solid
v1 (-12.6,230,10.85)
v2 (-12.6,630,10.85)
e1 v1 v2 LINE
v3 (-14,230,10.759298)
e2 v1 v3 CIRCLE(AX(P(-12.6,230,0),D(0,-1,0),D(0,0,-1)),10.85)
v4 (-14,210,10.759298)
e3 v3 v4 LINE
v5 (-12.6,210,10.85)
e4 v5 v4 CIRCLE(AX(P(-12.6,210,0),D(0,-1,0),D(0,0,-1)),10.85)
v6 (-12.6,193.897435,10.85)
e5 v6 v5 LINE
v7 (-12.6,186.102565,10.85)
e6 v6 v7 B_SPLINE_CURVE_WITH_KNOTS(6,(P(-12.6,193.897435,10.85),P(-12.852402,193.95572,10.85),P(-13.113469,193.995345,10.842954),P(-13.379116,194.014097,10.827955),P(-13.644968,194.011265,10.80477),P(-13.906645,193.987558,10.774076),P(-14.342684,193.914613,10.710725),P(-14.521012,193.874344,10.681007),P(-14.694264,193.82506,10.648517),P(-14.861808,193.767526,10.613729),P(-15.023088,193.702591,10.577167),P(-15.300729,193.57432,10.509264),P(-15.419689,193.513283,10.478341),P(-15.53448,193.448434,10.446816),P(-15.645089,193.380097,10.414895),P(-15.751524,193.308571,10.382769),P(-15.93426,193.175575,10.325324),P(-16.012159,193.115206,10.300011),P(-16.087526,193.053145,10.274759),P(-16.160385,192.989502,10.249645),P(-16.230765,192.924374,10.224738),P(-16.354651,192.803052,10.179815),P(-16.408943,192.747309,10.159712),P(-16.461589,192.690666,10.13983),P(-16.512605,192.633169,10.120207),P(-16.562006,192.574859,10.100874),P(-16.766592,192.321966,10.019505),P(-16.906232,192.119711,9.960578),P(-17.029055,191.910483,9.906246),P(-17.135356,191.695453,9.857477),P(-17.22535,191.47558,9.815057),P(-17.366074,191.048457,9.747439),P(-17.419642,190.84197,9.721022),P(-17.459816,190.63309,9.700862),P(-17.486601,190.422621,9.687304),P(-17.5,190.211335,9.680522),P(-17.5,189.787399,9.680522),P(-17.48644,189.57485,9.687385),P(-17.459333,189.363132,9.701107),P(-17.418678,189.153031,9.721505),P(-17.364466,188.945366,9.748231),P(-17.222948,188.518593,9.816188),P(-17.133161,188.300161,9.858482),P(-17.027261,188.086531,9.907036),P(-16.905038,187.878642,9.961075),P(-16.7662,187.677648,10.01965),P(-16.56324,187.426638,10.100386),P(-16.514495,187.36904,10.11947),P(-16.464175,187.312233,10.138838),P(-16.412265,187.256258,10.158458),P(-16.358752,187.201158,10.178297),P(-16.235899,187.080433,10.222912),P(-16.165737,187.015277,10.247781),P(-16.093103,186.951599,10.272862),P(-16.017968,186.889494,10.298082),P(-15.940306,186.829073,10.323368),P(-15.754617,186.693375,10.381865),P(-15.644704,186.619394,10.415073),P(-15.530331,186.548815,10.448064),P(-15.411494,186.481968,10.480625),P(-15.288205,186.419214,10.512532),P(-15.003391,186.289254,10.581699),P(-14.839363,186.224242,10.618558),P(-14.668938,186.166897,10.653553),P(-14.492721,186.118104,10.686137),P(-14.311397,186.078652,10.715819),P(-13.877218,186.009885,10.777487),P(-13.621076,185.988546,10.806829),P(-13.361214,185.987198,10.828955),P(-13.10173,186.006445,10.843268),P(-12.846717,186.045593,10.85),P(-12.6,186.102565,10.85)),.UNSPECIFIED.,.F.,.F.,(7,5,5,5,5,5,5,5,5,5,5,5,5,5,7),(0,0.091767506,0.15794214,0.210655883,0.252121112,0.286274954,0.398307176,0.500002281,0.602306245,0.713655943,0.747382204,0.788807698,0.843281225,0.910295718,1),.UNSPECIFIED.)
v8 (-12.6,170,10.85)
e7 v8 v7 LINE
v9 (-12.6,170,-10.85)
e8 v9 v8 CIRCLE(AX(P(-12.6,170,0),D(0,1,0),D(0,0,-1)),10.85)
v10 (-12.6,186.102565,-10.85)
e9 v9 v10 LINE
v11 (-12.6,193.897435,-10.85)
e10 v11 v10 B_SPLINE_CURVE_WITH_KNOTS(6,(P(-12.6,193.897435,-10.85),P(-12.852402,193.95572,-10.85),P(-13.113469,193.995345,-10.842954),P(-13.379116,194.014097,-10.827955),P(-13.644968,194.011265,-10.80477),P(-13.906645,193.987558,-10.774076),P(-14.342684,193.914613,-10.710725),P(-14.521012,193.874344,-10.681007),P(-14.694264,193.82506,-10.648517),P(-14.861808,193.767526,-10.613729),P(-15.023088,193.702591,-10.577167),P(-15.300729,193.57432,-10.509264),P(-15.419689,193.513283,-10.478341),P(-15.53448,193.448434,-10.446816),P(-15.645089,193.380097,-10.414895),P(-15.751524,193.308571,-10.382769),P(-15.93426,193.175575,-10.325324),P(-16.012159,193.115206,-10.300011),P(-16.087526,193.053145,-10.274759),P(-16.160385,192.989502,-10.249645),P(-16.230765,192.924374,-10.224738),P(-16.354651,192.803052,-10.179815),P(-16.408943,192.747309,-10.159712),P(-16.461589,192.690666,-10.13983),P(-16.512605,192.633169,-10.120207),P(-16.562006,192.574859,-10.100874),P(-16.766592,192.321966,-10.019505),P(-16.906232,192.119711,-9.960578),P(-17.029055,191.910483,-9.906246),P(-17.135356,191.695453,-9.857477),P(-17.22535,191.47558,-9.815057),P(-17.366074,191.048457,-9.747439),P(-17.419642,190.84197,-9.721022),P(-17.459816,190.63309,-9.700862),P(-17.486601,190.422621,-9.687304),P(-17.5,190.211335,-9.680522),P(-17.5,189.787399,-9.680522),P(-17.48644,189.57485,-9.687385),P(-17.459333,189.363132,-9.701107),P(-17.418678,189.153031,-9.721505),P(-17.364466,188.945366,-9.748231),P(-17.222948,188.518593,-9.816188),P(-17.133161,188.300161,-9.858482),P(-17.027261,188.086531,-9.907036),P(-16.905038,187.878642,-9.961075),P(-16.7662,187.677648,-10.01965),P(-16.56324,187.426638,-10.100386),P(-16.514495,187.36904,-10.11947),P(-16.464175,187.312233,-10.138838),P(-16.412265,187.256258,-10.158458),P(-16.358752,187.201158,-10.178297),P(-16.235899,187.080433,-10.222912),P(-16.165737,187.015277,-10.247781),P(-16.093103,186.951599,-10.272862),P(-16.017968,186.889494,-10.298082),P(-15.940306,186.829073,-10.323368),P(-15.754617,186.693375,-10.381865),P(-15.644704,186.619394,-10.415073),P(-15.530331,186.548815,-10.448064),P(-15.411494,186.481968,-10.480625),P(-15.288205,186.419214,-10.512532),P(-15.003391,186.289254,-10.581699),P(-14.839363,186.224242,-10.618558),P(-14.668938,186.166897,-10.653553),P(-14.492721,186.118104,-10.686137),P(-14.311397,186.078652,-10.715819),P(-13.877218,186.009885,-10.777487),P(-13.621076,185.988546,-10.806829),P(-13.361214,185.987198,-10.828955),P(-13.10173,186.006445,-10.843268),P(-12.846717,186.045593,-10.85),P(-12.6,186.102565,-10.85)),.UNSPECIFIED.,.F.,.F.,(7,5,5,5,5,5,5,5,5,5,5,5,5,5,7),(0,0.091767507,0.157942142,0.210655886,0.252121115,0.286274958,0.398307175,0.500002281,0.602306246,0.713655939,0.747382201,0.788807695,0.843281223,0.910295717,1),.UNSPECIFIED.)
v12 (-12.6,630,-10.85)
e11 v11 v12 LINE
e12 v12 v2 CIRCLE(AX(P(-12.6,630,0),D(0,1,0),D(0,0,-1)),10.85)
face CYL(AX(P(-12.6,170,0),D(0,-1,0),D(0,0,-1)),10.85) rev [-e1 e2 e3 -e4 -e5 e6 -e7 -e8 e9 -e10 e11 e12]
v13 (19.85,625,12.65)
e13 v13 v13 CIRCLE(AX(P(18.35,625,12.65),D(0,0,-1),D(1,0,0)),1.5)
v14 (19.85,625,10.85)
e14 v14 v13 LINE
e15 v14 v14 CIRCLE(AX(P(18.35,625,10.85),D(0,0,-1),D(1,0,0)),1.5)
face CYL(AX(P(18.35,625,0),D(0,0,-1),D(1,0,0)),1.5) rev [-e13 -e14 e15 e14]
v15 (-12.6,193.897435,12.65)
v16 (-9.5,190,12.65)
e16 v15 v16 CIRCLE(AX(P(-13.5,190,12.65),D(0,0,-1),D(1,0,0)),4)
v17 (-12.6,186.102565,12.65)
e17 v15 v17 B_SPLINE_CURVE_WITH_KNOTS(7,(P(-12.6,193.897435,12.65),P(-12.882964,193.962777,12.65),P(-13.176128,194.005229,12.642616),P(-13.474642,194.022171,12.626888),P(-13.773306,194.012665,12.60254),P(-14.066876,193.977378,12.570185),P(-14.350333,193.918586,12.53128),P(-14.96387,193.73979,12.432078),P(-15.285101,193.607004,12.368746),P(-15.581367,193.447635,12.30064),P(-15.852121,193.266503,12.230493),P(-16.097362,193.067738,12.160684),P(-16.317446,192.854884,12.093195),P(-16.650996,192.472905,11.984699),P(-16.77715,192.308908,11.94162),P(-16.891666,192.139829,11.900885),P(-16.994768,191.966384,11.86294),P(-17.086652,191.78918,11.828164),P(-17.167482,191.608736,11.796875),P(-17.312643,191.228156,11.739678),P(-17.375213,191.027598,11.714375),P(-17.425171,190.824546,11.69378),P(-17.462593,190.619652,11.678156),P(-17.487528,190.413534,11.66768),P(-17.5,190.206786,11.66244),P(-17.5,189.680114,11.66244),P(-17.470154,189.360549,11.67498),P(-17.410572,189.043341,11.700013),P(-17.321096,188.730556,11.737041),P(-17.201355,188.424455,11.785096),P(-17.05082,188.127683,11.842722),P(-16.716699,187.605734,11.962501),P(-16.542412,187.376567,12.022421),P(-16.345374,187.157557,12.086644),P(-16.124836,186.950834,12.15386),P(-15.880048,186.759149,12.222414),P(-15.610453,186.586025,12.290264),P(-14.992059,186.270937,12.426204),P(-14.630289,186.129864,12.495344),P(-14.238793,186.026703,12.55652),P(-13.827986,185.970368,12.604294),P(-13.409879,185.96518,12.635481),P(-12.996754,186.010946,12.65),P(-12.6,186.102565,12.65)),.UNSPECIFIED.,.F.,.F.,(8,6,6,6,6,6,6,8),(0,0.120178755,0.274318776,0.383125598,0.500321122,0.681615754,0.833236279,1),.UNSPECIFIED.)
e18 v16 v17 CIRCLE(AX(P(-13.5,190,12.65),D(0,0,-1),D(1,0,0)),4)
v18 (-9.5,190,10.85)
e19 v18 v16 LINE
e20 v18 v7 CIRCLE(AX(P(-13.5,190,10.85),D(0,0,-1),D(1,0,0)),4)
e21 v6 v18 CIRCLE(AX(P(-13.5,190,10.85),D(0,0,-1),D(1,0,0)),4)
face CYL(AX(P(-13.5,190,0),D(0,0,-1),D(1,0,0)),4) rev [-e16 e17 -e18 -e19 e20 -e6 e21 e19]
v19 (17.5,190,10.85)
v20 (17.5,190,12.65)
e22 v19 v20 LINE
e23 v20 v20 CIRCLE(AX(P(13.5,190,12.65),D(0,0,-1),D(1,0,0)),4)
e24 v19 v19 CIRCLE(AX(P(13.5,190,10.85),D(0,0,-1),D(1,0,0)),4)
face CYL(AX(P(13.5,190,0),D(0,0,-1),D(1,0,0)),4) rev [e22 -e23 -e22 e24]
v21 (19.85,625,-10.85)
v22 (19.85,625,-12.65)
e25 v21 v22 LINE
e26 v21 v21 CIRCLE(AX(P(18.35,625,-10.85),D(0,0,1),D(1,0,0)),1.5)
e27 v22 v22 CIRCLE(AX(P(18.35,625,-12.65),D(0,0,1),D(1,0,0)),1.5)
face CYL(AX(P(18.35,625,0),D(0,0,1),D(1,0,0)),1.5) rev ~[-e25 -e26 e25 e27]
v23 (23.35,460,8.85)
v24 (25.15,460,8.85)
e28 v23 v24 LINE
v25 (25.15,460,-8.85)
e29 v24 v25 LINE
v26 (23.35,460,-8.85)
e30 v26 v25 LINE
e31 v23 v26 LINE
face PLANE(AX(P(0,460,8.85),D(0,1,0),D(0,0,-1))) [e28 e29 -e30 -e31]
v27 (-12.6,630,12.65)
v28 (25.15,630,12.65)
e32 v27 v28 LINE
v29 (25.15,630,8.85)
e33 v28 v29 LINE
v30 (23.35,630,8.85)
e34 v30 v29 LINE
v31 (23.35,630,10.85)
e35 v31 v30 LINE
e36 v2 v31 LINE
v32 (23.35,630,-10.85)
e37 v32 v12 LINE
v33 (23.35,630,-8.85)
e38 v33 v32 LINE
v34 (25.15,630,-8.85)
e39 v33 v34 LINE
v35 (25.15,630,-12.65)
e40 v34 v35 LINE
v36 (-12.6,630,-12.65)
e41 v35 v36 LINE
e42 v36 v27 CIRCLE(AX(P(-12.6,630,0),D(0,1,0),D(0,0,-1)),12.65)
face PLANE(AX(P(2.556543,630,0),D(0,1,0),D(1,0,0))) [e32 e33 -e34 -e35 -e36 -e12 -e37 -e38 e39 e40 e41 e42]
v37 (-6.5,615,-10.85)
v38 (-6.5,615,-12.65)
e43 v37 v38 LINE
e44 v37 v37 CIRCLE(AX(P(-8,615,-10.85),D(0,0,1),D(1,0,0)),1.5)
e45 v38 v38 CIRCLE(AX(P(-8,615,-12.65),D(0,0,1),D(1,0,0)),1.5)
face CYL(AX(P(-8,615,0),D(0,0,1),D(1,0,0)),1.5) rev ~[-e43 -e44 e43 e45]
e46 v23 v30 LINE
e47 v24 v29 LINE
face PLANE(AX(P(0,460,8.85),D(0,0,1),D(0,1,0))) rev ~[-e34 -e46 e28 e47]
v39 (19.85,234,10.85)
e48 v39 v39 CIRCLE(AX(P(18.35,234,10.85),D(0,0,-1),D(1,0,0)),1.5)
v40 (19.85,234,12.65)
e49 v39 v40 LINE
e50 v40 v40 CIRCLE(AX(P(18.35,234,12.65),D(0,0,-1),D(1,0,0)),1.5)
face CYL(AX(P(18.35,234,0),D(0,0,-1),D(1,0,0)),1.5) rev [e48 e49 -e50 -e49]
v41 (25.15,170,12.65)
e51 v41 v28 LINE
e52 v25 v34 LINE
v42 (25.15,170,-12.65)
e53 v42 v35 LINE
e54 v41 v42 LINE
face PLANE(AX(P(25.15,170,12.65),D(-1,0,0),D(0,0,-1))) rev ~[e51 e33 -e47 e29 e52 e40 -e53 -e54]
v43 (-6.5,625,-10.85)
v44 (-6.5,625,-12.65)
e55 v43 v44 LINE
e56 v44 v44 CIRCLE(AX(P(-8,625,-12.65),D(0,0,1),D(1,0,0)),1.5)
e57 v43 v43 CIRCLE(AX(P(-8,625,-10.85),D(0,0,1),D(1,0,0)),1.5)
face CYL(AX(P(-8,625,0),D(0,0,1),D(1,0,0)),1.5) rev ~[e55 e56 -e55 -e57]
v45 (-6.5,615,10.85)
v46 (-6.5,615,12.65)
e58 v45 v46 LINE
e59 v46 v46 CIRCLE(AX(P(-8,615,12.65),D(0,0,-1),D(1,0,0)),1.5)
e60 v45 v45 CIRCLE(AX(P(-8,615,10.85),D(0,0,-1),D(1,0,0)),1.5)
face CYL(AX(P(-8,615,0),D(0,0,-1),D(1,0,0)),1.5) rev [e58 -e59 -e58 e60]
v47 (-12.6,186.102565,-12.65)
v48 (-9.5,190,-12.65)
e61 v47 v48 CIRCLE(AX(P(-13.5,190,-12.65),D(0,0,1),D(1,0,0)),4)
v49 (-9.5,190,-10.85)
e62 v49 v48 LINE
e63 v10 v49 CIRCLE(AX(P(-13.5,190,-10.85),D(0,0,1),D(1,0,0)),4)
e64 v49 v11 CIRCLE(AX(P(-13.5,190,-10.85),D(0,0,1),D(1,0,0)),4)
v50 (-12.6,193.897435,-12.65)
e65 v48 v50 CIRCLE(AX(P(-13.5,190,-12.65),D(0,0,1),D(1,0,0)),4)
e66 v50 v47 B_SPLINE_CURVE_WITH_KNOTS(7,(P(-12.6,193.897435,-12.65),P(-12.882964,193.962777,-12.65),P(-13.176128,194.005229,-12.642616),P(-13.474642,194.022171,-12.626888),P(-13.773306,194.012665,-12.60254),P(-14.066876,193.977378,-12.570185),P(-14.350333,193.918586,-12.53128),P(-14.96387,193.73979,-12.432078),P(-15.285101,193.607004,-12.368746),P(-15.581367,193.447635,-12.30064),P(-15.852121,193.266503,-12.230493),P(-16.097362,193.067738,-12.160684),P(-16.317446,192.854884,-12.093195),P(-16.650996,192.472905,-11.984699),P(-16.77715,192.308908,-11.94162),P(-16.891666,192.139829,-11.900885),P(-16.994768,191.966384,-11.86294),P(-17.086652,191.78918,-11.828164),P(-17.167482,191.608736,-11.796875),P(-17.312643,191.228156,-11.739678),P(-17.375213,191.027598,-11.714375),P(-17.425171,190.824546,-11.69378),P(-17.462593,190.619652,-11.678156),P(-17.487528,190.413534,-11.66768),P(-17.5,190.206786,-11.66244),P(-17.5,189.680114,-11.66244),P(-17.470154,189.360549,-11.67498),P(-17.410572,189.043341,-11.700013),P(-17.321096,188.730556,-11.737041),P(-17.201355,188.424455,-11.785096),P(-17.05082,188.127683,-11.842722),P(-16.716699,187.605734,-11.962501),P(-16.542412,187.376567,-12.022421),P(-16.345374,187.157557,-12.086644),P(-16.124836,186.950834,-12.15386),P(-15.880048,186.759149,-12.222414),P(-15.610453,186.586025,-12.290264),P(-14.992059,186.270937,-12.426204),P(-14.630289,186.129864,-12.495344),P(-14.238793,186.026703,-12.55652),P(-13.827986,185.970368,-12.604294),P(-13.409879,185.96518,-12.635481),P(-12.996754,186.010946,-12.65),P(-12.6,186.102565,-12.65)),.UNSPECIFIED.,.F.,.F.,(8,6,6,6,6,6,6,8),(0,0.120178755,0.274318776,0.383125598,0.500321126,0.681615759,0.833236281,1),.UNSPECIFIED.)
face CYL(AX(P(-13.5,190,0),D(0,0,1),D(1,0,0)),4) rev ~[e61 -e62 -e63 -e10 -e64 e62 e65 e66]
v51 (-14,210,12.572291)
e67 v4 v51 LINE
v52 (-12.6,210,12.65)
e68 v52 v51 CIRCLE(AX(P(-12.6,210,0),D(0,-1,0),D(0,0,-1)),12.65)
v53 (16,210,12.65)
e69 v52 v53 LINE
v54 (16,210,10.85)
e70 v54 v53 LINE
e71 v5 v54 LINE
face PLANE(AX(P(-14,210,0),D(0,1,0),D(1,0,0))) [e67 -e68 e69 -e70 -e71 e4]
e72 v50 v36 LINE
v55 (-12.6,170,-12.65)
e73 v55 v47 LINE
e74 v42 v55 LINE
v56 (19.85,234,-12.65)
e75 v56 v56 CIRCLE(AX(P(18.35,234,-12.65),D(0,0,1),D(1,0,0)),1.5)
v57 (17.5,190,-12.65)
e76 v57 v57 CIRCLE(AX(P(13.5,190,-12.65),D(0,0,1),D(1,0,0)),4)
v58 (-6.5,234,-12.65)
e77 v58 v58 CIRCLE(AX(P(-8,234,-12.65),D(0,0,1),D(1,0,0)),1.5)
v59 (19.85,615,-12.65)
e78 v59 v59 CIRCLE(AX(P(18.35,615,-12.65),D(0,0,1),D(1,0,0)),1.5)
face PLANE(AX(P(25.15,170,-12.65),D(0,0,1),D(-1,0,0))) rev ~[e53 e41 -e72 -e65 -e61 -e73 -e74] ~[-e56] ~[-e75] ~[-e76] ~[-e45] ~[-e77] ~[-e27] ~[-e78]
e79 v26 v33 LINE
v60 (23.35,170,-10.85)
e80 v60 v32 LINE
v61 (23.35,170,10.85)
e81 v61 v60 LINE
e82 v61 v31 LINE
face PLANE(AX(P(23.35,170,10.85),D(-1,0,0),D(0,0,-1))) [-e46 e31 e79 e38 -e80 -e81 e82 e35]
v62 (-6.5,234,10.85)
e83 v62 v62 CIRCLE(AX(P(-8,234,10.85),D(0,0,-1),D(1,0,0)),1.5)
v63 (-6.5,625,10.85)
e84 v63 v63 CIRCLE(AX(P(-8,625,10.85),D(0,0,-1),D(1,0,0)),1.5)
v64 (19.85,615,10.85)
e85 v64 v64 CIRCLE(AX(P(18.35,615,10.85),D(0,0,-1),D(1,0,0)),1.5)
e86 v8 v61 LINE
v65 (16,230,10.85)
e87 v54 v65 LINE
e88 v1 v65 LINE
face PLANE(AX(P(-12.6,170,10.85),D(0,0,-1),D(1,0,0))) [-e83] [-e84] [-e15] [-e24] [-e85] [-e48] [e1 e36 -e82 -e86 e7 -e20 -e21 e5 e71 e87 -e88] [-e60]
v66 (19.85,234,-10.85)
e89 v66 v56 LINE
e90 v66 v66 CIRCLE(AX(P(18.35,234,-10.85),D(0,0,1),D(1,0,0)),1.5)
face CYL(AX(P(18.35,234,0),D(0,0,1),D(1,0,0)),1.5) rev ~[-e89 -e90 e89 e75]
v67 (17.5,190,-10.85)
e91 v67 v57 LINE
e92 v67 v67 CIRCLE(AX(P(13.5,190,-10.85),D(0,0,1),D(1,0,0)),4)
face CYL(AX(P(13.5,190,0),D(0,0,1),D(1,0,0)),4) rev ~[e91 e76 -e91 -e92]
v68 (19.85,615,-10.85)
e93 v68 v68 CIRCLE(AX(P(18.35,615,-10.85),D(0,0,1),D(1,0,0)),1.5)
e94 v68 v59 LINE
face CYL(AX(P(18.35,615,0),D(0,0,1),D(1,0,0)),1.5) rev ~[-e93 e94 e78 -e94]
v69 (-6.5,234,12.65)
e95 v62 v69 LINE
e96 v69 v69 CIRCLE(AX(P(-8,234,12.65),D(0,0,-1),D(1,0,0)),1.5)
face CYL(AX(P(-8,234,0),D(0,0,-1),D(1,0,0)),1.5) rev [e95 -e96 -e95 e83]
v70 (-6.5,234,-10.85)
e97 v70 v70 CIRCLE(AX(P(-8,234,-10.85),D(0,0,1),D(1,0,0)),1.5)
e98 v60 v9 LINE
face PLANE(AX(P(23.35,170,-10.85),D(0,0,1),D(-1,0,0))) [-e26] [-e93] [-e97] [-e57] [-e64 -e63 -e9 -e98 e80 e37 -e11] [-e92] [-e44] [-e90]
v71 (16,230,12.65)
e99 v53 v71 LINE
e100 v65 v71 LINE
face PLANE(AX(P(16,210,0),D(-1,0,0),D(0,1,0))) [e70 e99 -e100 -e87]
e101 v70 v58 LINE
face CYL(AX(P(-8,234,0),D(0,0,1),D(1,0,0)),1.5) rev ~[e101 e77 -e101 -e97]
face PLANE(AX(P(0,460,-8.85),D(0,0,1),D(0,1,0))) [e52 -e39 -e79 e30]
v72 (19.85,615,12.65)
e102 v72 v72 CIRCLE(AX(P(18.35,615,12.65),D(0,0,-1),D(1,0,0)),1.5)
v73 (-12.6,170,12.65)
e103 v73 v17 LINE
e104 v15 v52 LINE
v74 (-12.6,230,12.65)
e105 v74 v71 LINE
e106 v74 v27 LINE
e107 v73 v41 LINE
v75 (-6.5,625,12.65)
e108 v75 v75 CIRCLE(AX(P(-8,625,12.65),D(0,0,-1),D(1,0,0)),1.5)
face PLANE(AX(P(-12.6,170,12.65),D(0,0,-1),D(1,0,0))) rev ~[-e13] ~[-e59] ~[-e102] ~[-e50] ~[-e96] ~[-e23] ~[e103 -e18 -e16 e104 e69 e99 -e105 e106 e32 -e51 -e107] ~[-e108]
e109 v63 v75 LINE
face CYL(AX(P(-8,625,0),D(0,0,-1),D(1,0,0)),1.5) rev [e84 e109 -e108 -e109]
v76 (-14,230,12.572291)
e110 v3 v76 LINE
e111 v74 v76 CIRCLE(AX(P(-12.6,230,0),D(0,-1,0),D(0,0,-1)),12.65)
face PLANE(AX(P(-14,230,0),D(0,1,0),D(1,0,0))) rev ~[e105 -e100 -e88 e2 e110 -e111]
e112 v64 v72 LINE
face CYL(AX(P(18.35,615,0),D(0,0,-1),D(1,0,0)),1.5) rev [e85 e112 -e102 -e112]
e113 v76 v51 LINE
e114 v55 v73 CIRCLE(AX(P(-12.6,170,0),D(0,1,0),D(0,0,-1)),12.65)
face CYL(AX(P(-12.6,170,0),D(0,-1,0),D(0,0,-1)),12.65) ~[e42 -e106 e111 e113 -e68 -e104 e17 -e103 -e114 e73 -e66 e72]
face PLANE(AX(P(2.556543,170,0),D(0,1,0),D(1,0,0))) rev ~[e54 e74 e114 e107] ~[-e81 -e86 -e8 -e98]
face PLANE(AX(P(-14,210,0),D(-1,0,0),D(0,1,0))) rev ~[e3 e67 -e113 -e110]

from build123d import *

# Parameters (mm, degrees)
AUFSATZ_LINEAR_START                        = 170
AUFSATZ_LINEAR_AUSTRAGEN2_DEPTH             = 460
SCHNITT_LINEAR_AUSTRAGEN1_REACH             = 14.65
SKIZZE15_R                                  = 4
SCHNITT_LINEAR_AUSTRAGEN1_DIRECTION_2_REACH = 14.65
SKIZZE17_W                                  = 30
SKIZZE17_H                                  = 20
SCHNITT_LINEAR_AUSTRAGEN2_DEPTH             = 12.65
SKIZZE19_W                                  = 17.7
SKIZZE19_H                                  = 170
SCHNITT_LINEAR_AUSTRAGEN3_DEPTH             = 25.15
HOLES_R                                     = 1.5
SCHNITT_LINEAR_AUSTRAGEN5_DEPTH             = 13.6500001
SCHNITT_LINEAR_AUSTRAGEN5_DEPTH_BACK        = 13.6500001
SKIZZE23_R                                  = 1.5
SCHNITT_LINEAR_AUSTRAGEN7_DEPTH             = 13.6500001
SCHNITT_LINEAR_AUSTRAGEN7_DEPTH_BACK        = 13.6500001


with BuildPart() as part:
    # Skizze10 (on Top Plane) → Aufsatz-Linear austragen2 (new body)
    with BuildSketch(Plane(origin=(0, 0, 0), x_dir=(1, 0, 0), z_dir=(0, 1, 0)).offset(AUFSATZ_LINEAR_START)):
        with BuildLine():
            Line((25.15, 12.65), (-12.6, 12.65))
            ThreePointArc((-12.6, 12.65), (-25.25, 0), (-12.6, -12.65))
            Line((-12.6, -12.65), (25.15, -12.65))
            Line((25.15, -12.65), (25.15, 12.65))
        make_face()
        with BuildLine():
            Line((23.35, 10.85), (-12.6, 10.85))
            ThreePointArc((-12.6, 10.85), (-23.45, 0), (-12.6, -10.85))
            Line((-12.6, -10.85), (23.35, -10.85))
            Line((23.35, -10.85), (23.35, 10.85))
        make_face(mode=Mode.SUBTRACT)
    extrude(amount=AUFSATZ_LINEAR_AUSTRAGEN2_DEPTH)

    # Schnitt-Linear austragen1: up to this face of the body (flat: up to its plane)
    schnitt_linear_austragen1_end = Plane(part.part.faces().sort_by_distance((6.275, 400, -12.65))[0])
    # Skizze15 → Schnitt-Linear austragen1 (cut, up to the picked face)
    with BuildSketch(Plane.XY, mode=Mode.PRIVATE) as schnitt_linear_austragen1_sk1:
        with Locations((-13.5, 190)):
            Circle(SKIZZE15_R)
    schnitt_linear_austragen1_tool1 = split(extrude(schnitt_linear_austragen1_sk1.sketch, amount=-SCHNITT_LINEAR_AUSTRAGEN1_REACH, mode=Mode.PRIVATE), bisect_by=schnitt_linear_austragen1_end, keep=Keep.BOTH, mode=Mode.PRIVATE)
    add(schnitt_linear_austragen1_tool1.solids().sort_by_distance((-13.5, 190, 0))[0], mode=Mode.SUBTRACT)
    # Skizze15 → Schnitt-Linear austragen1 (cut, up to the picked face)
    with BuildSketch(Plane.XY, mode=Mode.PRIVATE) as schnitt_linear_austragen1_sk2:
        with Locations((13.5, 190)):
            Circle(SKIZZE15_R)
    schnitt_linear_austragen1_tool2 = split(extrude(schnitt_linear_austragen1_sk2.sketch, amount=-SCHNITT_LINEAR_AUSTRAGEN1_REACH, mode=Mode.PRIVATE), bisect_by=schnitt_linear_austragen1_end, keep=Keep.BOTH, mode=Mode.PRIVATE)
    add(schnitt_linear_austragen1_tool2.solids().sort_by_distance((13.5, 190, 0))[0], mode=Mode.SUBTRACT)

    # Schnitt-Linear austragen1 direction 2: up to this face of the body (flat: up to its plane)
    schnitt_linear_austragen1_direction_2_end = Plane(part.part.faces().sort_by_distance((6.275, 400, 12.65))[0])
    # Skizze15 → Schnitt-Linear austragen1 direction 2 (cut, up to the picked face)
    with BuildSketch(Plane.XY, mode=Mode.PRIVATE) as schnitt_linear_austragen1_direction_2_sk1:
        with Locations((-13.5, 190)):
            Circle(SKIZZE15_R)
    schnitt_linear_austragen1_direction_2_tool1 = split(extrude(schnitt_linear_austragen1_direction_2_sk1.sketch, amount=SCHNITT_LINEAR_AUSTRAGEN1_DIRECTION_2_REACH, mode=Mode.PRIVATE), bisect_by=schnitt_linear_austragen1_direction_2_end, keep=Keep.BOTH, mode=Mode.PRIVATE)
    add(schnitt_linear_austragen1_direction_2_tool1.solids().sort_by_distance((-13.5, 190, 0))[0], mode=Mode.SUBTRACT)
    # Skizze15 → Schnitt-Linear austragen1 direction 2 (cut, up to the picked face)
    with BuildSketch(Plane.XY, mode=Mode.PRIVATE) as schnitt_linear_austragen1_direction_2_sk2:
        with Locations((13.5, 190)):
            Circle(SKIZZE15_R)
    schnitt_linear_austragen1_direction_2_tool2 = split(extrude(schnitt_linear_austragen1_direction_2_sk2.sketch, amount=SCHNITT_LINEAR_AUSTRAGEN1_DIRECTION_2_REACH, mode=Mode.PRIVATE), bisect_by=schnitt_linear_austragen1_direction_2_end, keep=Keep.BOTH, mode=Mode.PRIVATE)
    add(schnitt_linear_austragen1_direction_2_tool2.solids().sort_by_distance((13.5, 190, 0))[0], mode=Mode.SUBTRACT)

    # Skizze17 → Schnitt-Linear austragen2 (cut)
    with BuildSketch(Plane.XY):
        with Locations((1, 220)):
            Rectangle(SKIZZE17_W, SKIZZE17_H)
    extrude(amount=SCHNITT_LINEAR_AUSTRAGEN2_DEPTH, mode=Mode.SUBTRACT)

    # Skizze19 → Schnitt-Linear austragen3 (cut)
    with BuildSketch(Plane(origin=(0, 0, 0), x_dir=(0, 0, -1), z_dir=(1, 0, 0))):
        with Locations((0, 545)):
            Rectangle(SKIZZE19_W, SKIZZE19_H)
    extrude(amount=SCHNITT_LINEAR_AUSTRAGEN3_DEPTH, mode=Mode.SUBTRACT)

    # Holes → Schnitt-Linear austragen5 (cut, two sides)
    with BuildSketch(Plane.XY) as schnitt_linear_austragen5_sk:
        with Locations((18.35, 615)):
            Circle(HOLES_R)
        with Locations((-8, 615)):
            Circle(HOLES_R)
        with Locations((18.35, 234)):
            Circle(HOLES_R)
        with Locations((-8, 234)):
            Circle(HOLES_R)
    extrude(amount=SCHNITT_LINEAR_AUSTRAGEN5_DEPTH, mode=Mode.SUBTRACT)
    extrude(schnitt_linear_austragen5_sk.sketch, amount=-SCHNITT_LINEAR_AUSTRAGEN5_DEPTH_BACK, mode=Mode.SUBTRACT)

    # Skizze23 → Schnitt-Linear austragen7 (cut, two sides)
    with BuildSketch(Plane.XY) as schnitt_linear_austragen7_sk:
        with Locations((-8, 625)):
            Circle(SKIZZE23_R)
        with Locations((18.35, 625)):
            Circle(SKIZZE23_R)
    extrude(amount=SCHNITT_LINEAR_AUSTRAGEN7_DEPTH, mode=Mode.SUBTRACT)
    extrude(schnitt_linear_austragen7_sk.sketch, amount=-SCHNITT_LINEAR_AUSTRAGEN7_DEPTH_BACK, mode=Mode.SUBTRACT)


solid = part.part
